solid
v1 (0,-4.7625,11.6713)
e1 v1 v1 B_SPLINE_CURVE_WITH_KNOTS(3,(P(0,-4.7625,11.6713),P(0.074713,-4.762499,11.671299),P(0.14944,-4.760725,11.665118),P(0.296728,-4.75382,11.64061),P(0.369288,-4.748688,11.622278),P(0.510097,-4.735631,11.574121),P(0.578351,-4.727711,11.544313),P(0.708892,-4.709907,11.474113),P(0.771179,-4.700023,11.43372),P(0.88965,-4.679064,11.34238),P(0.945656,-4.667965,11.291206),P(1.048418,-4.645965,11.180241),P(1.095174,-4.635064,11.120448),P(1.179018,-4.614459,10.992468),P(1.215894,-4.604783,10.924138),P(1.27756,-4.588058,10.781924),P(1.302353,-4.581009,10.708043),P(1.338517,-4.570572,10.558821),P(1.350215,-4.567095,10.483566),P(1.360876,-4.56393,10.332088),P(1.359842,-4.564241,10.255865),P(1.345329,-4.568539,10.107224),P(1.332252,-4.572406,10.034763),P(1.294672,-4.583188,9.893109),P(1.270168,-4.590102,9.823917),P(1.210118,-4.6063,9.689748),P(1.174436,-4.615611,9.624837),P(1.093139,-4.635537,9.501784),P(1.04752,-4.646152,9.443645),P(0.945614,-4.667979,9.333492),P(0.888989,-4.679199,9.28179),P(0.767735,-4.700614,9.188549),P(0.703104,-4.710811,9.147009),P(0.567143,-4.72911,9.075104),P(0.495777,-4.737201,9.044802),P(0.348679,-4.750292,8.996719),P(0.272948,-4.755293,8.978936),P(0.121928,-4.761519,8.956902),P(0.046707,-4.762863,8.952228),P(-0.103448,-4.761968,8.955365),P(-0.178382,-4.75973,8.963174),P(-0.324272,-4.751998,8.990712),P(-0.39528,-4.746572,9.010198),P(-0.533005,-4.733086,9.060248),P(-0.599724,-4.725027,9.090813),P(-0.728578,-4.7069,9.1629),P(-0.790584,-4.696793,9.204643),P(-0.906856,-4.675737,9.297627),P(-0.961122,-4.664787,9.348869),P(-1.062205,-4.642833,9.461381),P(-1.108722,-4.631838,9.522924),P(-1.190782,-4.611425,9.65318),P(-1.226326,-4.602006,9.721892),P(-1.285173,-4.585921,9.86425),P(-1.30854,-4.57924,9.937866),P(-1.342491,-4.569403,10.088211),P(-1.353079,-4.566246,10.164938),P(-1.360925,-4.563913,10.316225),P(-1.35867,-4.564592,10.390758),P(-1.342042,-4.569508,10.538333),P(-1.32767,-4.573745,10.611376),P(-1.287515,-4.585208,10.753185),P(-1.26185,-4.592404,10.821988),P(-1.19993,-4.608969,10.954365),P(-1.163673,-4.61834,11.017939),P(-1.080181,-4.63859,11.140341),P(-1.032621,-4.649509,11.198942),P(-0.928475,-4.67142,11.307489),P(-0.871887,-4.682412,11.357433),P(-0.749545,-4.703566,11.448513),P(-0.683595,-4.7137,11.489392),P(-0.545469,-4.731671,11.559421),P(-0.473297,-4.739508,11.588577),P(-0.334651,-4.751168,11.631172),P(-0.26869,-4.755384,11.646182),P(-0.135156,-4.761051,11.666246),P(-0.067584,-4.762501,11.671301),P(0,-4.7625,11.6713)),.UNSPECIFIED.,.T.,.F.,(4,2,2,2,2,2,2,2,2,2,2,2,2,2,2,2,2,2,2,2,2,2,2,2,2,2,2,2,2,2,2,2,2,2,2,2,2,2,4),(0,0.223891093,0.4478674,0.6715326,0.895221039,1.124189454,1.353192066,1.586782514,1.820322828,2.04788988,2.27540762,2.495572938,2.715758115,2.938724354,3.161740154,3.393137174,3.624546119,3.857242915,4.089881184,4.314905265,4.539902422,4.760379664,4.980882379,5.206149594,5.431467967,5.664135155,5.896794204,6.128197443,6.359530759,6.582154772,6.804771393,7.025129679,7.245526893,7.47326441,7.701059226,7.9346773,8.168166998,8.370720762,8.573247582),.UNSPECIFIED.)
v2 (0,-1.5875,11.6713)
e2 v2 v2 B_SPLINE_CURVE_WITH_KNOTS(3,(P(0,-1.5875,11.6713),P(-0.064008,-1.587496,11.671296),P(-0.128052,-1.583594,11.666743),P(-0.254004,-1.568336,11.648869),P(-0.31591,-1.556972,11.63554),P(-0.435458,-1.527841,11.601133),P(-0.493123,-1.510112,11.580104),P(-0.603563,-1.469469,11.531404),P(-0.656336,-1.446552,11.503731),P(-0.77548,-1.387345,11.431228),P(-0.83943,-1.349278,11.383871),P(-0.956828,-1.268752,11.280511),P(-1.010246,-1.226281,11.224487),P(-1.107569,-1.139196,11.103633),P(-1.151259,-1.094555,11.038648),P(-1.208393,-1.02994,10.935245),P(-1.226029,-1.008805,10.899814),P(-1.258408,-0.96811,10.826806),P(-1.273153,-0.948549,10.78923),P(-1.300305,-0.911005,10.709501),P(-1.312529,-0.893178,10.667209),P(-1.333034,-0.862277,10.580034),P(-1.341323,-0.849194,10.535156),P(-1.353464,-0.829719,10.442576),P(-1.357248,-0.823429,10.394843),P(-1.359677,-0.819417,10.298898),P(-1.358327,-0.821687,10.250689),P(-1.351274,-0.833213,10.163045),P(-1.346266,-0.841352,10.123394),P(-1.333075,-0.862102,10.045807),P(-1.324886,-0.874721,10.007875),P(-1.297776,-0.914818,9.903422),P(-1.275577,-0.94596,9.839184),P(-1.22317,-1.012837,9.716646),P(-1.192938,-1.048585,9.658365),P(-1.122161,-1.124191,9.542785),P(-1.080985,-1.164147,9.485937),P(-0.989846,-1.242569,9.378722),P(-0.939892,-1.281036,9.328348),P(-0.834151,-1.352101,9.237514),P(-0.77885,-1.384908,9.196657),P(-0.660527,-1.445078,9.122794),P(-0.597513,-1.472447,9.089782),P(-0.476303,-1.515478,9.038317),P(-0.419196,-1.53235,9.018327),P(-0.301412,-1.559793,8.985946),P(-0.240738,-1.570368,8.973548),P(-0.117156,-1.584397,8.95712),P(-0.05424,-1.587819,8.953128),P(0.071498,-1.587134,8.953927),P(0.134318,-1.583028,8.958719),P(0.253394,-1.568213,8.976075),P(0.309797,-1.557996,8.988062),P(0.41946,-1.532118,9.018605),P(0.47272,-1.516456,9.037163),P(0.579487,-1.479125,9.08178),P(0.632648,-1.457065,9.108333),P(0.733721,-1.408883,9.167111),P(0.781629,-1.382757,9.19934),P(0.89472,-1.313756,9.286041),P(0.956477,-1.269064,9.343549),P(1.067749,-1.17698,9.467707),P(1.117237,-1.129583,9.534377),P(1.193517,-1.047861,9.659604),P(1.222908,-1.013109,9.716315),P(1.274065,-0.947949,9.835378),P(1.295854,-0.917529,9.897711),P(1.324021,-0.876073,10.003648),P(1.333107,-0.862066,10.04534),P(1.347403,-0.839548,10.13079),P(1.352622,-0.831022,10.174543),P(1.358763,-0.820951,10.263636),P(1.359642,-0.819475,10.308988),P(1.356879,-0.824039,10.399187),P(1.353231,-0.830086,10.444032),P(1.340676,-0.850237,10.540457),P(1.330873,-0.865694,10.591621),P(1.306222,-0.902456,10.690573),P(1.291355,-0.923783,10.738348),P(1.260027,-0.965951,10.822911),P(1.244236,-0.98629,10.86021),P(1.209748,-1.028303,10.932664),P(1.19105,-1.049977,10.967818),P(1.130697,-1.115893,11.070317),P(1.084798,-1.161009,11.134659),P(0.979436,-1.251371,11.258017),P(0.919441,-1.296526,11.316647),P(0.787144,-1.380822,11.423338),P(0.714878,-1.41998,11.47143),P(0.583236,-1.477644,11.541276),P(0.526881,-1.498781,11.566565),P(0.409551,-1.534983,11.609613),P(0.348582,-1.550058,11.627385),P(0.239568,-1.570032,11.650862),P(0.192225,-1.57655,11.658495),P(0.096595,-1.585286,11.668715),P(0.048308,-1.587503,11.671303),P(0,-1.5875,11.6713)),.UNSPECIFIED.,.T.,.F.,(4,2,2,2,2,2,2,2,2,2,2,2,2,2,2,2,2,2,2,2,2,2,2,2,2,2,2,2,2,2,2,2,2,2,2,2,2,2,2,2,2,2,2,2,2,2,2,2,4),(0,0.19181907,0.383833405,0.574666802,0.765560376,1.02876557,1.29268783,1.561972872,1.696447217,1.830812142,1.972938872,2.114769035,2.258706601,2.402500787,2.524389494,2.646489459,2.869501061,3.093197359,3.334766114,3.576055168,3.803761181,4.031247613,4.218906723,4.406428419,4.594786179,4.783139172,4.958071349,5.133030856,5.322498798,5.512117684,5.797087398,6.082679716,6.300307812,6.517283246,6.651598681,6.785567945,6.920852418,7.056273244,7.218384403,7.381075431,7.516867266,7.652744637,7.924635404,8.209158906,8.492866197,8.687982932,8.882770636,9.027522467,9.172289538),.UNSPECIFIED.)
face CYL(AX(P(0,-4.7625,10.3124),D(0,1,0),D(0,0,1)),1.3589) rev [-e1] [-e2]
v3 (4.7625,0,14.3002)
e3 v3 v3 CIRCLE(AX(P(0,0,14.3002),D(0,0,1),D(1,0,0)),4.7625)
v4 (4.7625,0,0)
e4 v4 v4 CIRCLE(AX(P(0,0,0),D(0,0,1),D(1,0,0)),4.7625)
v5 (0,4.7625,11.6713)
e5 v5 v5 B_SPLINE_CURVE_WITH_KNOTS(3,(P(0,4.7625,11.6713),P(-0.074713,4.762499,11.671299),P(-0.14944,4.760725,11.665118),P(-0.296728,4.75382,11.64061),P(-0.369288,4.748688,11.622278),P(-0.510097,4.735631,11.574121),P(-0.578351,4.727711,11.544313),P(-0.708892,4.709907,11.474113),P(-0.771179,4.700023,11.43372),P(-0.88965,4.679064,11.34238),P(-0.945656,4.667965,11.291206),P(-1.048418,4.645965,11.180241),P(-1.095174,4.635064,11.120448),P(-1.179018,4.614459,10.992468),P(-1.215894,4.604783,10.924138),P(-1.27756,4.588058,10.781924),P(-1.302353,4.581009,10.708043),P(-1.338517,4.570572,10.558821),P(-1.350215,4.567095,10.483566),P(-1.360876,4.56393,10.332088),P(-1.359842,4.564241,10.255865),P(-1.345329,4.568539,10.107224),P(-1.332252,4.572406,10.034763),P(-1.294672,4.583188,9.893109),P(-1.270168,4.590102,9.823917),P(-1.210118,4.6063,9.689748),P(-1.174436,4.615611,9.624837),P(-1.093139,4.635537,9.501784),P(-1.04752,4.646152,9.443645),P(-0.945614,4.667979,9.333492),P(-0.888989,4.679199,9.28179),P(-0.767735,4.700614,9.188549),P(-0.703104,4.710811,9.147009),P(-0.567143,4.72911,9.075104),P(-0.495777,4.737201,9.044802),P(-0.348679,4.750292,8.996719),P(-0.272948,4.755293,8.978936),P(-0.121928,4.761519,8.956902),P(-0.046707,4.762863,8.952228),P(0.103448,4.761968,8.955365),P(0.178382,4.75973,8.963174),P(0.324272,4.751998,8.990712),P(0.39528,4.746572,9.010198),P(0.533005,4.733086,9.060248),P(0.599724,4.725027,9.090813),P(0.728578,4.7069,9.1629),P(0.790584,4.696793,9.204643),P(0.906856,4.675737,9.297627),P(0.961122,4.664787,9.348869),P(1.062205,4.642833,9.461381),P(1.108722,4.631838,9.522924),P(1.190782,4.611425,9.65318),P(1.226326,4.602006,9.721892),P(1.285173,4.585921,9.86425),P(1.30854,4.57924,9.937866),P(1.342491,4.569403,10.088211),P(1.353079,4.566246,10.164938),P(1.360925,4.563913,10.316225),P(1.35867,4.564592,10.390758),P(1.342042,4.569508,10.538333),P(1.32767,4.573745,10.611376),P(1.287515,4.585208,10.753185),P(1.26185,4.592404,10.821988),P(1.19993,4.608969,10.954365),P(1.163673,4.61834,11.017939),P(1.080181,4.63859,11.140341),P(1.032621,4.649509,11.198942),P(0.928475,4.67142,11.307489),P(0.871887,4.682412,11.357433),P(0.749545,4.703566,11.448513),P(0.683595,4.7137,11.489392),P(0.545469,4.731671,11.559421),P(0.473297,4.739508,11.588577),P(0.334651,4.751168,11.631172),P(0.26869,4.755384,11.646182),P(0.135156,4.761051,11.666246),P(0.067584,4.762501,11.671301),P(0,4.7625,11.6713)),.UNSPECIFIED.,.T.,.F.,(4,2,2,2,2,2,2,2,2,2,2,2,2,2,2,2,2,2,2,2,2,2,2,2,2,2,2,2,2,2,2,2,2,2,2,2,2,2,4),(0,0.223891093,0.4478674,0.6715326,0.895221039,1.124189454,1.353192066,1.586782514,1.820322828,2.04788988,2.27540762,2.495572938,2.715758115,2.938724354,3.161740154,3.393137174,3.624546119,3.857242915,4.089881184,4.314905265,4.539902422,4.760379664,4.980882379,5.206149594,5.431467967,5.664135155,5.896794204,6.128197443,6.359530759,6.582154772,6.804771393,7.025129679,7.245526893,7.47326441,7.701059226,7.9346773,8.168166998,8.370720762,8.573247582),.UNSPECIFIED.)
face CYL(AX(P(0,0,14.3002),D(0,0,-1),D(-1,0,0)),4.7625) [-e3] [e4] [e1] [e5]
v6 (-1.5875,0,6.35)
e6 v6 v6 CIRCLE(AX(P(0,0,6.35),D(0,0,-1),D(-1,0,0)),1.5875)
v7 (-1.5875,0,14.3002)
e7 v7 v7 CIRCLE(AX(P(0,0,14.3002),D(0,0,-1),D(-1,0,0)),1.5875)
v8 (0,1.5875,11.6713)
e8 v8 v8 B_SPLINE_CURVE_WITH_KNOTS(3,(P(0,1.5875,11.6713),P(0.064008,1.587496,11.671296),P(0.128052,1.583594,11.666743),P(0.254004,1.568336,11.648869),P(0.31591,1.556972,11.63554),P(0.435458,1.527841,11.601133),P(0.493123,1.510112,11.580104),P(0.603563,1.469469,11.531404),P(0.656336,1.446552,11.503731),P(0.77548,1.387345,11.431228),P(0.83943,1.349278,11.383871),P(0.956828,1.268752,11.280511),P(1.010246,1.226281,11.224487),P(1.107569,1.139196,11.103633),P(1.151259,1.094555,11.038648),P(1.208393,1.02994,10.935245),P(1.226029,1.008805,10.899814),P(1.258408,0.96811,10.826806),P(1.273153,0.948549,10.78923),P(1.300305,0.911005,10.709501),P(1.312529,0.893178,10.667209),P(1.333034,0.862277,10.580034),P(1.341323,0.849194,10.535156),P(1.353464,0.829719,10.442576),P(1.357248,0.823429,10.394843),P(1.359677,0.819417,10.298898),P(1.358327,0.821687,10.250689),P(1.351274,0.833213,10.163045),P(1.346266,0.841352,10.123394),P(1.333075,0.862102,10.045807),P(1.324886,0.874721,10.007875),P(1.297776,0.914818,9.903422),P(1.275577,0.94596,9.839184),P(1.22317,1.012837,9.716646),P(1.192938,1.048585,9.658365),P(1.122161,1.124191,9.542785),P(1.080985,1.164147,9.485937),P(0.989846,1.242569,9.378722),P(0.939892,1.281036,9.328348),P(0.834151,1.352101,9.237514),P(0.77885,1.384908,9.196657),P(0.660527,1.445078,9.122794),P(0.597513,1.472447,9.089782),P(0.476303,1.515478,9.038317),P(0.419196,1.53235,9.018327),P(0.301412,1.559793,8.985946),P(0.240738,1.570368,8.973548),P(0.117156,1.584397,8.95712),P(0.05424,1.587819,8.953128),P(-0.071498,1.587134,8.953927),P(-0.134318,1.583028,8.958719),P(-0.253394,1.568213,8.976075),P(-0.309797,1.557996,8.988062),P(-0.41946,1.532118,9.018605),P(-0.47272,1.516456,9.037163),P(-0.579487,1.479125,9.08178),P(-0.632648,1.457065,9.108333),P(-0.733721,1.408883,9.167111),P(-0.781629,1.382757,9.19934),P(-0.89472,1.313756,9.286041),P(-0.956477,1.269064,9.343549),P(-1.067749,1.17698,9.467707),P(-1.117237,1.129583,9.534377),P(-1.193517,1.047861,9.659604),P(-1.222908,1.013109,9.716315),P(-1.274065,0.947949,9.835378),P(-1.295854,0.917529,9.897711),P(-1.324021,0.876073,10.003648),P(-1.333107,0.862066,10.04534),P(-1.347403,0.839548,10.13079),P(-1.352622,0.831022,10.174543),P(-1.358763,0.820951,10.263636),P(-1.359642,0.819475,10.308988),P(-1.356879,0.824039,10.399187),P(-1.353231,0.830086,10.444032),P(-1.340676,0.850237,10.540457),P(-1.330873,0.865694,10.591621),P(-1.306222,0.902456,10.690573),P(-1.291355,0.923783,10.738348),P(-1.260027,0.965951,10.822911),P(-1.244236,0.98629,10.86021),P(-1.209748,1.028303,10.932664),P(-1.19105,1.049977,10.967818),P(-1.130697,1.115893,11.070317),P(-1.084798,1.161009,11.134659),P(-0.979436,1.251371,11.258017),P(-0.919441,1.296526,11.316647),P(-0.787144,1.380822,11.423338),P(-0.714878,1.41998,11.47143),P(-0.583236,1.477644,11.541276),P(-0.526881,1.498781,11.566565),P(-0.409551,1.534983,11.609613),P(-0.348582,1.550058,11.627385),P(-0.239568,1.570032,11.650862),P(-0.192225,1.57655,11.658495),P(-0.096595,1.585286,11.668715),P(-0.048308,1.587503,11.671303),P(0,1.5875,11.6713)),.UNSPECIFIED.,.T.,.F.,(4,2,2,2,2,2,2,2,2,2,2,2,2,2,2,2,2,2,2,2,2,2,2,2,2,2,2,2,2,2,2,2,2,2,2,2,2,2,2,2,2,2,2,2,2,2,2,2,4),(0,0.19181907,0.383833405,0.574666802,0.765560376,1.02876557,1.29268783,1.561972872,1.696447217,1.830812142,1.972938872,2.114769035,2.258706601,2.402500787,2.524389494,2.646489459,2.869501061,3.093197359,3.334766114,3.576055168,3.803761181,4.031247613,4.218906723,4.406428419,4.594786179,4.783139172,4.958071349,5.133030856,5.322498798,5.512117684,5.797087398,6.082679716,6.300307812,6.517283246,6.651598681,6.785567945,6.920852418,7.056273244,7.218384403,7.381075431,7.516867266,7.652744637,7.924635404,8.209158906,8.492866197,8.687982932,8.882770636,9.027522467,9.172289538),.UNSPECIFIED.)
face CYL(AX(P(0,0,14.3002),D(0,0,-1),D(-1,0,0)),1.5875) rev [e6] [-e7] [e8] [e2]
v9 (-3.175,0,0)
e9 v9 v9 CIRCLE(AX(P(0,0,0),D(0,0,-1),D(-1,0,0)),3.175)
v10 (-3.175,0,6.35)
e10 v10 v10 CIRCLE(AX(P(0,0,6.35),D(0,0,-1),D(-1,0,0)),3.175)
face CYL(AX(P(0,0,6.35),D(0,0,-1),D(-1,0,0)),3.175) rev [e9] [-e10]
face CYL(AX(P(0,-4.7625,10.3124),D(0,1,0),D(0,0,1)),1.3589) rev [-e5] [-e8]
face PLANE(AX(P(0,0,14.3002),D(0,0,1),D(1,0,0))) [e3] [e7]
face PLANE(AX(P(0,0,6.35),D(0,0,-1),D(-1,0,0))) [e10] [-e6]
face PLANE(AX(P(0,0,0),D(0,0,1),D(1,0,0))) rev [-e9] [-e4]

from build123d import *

# Parameters (mm, degrees)
SKETCH1_R           = 4.7625
BOSS_EXTRUDE1_DEPTH = 14.3002
SKETCH2_R           = 1.5875
CUT_EXTRUDE1_DEPTH  = 15.3002
SKETCH2_3_R         = 3.175
SKETCH2_3_R_2       = 1.5875
CUT_EXTRUDE2_DEPTH  = 6.35
SKETCH4_R           = 1.3589
CUT_EXTRUDE3_DEPTH  = 10.525


with BuildPart() as part:
    # Sketch1 → Boss-Extrude1 (new body)
    with BuildSketch(Plane.XY):
        Circle(SKETCH1_R)
    extrude(amount=BOSS_EXTRUDE1_DEPTH)

    # Sketch2 → Cut-Extrude1 (cut, through all)
    with BuildSketch(Plane(origin=(0, 0, 0), x_dir=(-1, 0, 0), z_dir=(0, 0, -1))):
        Circle(SKETCH2_R)
    extrude(amount=-CUT_EXTRUDE1_DEPTH, mode=Mode.SUBTRACT)

    # Sketch2<3> → Cut-Extrude2 (cut)
    with BuildSketch(Plane(origin=(0, 0, 0), x_dir=(-1, 0, 0), z_dir=(0, 0, -1))):
        Circle(SKETCH2_3_R)
        Circle(SKETCH2_3_R_2, mode=Mode.SUBTRACT)
    extrude(amount=-CUT_EXTRUDE2_DEPTH, mode=Mode.SUBTRACT)

    # Sketch4 → Cut-Extrude3 (cut, through all)
    with BuildSketch(Plane(origin=(0, 4.7625, 0), x_dir=(1, 0, 0), z_dir=(0, 1, 0))):
        with Locations((0, -10.3124)):
            Circle(SKETCH4_R)
    extrude(amount=-CUT_EXTRUDE3_DEPTH, mode=Mode.SUBTRACT)


solid = part.part
